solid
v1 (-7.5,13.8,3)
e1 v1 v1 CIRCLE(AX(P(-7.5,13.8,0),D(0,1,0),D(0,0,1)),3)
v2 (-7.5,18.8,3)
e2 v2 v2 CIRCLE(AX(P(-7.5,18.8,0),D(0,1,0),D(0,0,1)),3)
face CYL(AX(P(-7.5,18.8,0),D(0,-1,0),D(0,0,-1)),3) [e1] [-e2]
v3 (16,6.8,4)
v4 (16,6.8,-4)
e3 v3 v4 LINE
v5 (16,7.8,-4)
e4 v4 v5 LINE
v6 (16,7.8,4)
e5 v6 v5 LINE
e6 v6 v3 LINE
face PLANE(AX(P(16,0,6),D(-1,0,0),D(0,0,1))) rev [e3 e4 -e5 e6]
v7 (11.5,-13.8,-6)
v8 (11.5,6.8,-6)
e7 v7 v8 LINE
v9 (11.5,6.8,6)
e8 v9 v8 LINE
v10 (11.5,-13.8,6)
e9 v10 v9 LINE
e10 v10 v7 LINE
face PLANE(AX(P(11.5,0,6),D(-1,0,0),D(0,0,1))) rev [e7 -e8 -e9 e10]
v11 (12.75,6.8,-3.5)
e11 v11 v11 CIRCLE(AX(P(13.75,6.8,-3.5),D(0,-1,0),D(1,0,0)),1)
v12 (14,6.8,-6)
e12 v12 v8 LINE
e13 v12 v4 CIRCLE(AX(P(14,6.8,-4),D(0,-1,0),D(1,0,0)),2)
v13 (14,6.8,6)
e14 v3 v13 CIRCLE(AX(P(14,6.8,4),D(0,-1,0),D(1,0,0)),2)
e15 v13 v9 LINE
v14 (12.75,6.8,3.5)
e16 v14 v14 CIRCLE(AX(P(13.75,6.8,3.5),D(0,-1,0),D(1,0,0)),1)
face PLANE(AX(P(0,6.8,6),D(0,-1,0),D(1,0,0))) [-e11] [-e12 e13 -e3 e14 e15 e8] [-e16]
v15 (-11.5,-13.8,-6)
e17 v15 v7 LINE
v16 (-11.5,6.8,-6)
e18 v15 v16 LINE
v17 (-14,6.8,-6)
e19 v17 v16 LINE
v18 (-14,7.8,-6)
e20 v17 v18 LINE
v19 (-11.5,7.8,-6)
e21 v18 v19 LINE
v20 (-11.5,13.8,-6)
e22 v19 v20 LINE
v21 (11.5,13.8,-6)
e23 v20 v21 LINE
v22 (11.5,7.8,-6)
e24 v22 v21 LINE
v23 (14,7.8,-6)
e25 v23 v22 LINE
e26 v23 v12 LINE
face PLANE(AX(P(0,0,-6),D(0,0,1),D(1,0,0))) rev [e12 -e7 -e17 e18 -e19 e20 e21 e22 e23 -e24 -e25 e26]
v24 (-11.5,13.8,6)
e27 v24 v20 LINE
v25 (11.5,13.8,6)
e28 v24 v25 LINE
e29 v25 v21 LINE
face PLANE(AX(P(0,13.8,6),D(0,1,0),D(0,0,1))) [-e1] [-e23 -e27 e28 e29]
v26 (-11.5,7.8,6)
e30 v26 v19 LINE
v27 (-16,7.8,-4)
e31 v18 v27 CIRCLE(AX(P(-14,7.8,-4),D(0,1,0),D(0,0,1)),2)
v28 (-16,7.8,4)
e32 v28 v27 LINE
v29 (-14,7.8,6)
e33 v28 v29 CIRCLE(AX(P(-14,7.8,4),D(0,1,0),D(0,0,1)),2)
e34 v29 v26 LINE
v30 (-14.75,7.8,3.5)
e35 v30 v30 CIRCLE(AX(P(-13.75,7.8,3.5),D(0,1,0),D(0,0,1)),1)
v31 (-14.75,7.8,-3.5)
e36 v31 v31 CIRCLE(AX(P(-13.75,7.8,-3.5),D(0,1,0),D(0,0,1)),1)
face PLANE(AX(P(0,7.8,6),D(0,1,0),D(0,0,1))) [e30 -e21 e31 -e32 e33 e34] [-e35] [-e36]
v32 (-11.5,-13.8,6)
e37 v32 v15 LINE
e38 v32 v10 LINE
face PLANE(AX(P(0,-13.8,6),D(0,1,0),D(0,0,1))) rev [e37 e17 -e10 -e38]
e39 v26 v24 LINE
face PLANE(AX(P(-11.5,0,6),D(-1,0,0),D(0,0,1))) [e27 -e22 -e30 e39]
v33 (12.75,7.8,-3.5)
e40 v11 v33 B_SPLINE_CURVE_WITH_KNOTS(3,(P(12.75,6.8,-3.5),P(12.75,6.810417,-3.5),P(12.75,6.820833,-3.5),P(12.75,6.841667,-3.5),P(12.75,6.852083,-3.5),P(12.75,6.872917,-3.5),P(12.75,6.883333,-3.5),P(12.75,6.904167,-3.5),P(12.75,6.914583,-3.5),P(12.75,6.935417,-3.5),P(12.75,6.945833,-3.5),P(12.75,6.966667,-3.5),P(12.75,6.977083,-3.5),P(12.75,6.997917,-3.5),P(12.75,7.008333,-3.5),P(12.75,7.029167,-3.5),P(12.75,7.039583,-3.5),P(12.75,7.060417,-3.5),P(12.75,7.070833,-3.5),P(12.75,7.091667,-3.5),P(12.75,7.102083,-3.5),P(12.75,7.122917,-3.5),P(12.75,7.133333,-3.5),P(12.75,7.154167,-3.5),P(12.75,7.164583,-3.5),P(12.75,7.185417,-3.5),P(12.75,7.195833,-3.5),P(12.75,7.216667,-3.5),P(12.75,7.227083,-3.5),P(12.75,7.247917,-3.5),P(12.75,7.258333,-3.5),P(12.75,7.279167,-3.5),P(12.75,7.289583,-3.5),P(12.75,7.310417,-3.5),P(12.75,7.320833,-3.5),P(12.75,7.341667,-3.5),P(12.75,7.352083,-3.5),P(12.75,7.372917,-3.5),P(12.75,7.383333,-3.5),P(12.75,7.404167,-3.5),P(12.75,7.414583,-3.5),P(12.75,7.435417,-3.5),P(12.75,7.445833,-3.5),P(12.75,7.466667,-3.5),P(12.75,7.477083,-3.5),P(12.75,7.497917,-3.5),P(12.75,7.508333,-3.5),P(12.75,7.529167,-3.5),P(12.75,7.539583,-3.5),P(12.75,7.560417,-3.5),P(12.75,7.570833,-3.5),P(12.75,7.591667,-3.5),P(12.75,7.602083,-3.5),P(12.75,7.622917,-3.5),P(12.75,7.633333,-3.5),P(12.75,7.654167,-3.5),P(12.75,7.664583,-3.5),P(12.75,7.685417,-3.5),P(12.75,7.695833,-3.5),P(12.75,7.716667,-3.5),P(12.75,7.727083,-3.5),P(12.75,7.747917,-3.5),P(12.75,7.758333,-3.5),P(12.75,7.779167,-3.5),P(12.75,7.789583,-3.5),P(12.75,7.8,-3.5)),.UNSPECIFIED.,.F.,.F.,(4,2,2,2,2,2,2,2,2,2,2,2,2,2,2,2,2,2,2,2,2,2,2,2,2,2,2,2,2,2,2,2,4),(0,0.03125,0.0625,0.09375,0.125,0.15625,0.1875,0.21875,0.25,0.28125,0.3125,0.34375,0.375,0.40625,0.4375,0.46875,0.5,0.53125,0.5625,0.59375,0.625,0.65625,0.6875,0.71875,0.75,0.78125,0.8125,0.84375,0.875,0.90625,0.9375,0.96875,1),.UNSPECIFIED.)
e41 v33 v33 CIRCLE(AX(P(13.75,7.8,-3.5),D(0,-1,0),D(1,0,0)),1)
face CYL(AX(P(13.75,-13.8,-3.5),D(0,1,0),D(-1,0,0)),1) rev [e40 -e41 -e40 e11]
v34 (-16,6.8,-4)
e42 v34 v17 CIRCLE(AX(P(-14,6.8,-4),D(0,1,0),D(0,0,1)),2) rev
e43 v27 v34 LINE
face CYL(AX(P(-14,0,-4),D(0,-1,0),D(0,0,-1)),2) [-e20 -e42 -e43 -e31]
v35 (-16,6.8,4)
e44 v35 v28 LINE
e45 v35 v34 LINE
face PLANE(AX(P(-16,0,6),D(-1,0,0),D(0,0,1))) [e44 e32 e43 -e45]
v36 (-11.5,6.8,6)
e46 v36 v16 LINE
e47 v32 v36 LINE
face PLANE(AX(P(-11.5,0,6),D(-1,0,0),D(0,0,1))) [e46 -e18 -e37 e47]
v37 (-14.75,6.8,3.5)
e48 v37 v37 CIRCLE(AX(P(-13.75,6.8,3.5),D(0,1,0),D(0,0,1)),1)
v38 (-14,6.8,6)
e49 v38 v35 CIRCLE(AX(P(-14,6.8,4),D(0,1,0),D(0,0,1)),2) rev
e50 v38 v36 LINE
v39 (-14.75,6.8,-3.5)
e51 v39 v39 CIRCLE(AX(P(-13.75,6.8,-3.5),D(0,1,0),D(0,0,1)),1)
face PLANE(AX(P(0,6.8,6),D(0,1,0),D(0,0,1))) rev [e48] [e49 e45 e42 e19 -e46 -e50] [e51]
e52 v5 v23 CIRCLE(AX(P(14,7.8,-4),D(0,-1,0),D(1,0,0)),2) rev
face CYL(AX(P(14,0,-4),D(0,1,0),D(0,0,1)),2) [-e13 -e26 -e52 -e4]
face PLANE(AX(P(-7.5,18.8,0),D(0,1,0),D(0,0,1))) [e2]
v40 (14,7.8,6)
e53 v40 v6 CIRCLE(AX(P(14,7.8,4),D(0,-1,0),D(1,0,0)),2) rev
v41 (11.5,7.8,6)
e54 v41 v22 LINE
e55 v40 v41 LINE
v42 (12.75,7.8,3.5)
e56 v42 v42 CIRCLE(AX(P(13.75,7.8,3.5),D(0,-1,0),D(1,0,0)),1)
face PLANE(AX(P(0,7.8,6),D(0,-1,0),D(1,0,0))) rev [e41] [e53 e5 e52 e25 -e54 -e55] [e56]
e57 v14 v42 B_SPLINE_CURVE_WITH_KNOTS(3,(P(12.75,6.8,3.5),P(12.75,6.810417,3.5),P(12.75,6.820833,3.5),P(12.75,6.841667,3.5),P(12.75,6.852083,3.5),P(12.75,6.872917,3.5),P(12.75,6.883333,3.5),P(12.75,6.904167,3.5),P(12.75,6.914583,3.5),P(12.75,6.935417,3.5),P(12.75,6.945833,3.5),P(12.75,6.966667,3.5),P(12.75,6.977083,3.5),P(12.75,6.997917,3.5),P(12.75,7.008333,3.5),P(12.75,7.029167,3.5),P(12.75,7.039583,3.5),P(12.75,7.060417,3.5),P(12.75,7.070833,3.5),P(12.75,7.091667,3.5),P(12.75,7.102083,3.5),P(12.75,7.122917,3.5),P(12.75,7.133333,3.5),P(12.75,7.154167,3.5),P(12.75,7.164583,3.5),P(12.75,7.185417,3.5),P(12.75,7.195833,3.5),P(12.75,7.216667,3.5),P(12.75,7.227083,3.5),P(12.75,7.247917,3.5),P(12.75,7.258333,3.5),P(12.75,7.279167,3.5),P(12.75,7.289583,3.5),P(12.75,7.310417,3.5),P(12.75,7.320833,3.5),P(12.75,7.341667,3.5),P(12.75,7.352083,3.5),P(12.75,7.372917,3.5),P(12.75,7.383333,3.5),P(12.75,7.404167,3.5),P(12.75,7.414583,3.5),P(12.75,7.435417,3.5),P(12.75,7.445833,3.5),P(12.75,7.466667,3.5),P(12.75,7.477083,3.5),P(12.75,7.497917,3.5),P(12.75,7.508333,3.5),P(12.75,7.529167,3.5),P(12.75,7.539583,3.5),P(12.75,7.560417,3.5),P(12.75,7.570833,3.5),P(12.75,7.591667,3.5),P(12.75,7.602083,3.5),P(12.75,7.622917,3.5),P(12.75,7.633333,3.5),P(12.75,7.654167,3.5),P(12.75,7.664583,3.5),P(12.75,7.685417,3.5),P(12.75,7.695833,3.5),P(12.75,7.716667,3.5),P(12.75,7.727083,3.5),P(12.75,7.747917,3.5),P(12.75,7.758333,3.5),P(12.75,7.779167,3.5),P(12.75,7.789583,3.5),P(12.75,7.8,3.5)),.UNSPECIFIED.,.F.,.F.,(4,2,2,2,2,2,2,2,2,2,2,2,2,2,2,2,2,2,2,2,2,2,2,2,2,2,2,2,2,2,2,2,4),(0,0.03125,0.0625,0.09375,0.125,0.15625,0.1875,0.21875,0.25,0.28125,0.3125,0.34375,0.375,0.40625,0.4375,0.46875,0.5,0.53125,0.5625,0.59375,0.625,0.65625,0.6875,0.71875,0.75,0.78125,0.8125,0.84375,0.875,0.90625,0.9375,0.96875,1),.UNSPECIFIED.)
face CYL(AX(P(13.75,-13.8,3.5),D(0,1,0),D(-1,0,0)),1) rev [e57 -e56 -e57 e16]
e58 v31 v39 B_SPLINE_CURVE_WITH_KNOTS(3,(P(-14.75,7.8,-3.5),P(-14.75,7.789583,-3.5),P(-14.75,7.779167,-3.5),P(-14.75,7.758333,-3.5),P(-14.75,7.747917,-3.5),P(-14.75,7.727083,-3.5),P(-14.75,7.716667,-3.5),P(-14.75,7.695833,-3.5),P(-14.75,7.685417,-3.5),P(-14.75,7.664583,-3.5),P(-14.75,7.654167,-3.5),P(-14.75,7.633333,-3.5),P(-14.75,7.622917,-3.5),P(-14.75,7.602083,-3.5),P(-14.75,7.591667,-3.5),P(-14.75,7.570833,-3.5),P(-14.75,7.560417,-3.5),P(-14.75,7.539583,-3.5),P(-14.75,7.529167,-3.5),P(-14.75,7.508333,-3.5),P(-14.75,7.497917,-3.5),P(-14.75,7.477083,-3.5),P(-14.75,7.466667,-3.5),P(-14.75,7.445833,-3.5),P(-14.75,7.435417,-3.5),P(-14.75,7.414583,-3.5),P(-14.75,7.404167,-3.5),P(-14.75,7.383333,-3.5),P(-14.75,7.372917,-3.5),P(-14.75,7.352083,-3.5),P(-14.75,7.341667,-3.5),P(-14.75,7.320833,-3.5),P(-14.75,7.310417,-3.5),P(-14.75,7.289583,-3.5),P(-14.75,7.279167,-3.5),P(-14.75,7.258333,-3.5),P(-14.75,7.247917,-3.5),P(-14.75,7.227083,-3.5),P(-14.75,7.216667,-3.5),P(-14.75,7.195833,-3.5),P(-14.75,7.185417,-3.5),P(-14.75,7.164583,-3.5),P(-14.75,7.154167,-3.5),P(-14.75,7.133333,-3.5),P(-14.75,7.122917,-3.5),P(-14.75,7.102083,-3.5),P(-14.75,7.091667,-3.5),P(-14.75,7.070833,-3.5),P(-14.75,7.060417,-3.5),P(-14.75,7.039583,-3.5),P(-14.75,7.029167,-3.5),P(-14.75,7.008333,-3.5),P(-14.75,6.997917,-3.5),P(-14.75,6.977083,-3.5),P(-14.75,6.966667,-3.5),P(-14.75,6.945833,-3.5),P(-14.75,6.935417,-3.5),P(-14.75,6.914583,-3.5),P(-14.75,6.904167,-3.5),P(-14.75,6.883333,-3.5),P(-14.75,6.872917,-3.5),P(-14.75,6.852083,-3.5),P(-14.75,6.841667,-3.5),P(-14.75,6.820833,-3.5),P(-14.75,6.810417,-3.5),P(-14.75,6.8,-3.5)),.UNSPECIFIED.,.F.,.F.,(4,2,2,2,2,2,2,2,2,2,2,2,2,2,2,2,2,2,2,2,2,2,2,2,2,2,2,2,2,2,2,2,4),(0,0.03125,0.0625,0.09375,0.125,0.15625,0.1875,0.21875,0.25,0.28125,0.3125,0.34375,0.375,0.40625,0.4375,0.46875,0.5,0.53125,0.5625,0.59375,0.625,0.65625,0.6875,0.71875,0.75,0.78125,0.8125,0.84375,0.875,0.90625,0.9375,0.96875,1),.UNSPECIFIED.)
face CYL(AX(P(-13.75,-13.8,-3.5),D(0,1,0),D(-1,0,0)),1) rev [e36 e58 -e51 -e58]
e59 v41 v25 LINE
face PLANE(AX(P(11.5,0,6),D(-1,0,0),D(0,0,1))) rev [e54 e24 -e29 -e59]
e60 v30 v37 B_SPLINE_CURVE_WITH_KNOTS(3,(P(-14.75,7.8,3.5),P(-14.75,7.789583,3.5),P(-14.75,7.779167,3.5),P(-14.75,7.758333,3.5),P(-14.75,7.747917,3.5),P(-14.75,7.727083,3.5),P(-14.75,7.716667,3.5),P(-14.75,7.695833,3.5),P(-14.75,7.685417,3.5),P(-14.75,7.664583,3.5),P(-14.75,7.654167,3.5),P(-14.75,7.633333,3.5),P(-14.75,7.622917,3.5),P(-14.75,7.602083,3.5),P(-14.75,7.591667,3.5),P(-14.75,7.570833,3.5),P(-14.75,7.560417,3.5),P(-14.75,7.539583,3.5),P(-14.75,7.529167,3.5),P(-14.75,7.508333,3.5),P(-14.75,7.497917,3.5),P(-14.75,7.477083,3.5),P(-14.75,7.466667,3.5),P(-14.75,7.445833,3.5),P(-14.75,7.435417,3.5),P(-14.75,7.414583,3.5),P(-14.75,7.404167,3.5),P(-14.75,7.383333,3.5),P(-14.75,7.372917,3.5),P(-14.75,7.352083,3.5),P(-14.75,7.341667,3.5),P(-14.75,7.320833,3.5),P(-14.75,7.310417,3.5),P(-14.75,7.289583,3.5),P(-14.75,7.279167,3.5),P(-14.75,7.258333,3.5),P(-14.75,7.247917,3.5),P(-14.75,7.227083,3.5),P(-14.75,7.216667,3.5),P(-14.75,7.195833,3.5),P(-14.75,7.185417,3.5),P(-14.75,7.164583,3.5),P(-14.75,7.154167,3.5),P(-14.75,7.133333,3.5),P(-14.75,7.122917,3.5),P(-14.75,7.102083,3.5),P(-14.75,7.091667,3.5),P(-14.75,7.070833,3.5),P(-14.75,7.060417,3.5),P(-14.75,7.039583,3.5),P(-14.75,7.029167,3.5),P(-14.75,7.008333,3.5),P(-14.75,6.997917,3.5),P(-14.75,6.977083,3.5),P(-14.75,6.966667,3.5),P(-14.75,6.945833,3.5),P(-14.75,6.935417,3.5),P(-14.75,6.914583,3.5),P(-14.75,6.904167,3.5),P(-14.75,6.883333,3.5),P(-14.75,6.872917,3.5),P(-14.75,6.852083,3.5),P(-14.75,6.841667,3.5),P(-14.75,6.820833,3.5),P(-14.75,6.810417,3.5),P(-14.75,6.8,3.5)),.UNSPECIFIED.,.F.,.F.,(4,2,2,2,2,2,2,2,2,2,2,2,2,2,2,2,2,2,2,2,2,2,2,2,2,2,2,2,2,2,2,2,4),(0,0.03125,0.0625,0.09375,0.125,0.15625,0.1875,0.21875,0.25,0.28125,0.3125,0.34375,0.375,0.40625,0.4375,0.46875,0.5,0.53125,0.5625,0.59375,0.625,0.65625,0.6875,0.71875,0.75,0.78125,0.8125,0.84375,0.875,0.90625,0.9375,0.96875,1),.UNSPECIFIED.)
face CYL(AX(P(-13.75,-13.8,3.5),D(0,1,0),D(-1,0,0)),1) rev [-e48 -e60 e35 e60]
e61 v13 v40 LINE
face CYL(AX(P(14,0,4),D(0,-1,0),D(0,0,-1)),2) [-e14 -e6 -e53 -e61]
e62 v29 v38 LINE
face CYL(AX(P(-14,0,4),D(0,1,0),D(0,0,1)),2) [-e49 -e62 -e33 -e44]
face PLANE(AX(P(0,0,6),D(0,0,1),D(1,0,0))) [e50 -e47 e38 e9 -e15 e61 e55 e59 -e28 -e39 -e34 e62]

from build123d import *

# Parameters (mm, degrees)
SKETCH_1_W               = 23
SKETCH_1_H               = 27.6
SKETCH_1_W_2             = 4.5
SKETCH_1_H_2             = 1
EXTRUDE_1_DEPTH          = 6
SKETCH_2_R               = 3
EXTRUDE_2_DEPTH          = 5
CUT_EXTRUDE_1_DEPTH      = 28.541967976
CUT_EXTRUDE_1_DEPTH_BACK = 28.541967976
SKETCH_3_R               = 1
FILLET_1_R               = 2


with BuildPart() as part:
    # Эскиз1 → Бобышка-Вытянуть1 (new, symmetric)
    with BuildSketch(Plane.XY):
        Rectangle(SKETCH_1_W, SKETCH_1_H)
        with Locations((-13.75, 7.3)):
            Rectangle(SKETCH_1_W_2, SKETCH_1_H_2)
        with Locations((13.75, 7.3)):
            Rectangle(SKETCH_1_W_2, SKETCH_1_H_2)
    extrude(amount=EXTRUDE_1_DEPTH, both=True)

    # Эскиз2 → Бобышка-Вытянуть2 (add)
    with BuildSketch(Plane(origin=(0, 13.8, 0), x_dir=(1, 0, 0), z_dir=(0, 1, 0))):
        with Locations(Location((-7.5, 0, 0), (0, 0, 270))):
            Circle(SKETCH_2_R)
    extrude(amount=EXTRUDE_2_DEPTH)

    # Эскиз3 → Вырез-Вытянуть1 (cut, two sides: drawn at the far end of the back side and taken through both)
    with BuildSketch(Plane(origin=(0, 7.8, 0), x_dir=(1, 0, 0), z_dir=(0, 1, 0)).offset(-CUT_EXTRUDE_1_DEPTH_BACK)):
        with Locations(Location((-13.75, 3.5, 0), (0, 0, 180))):
            Circle(SKETCH_3_R)
        with Locations(Location((-13.75, -3.5, 0), (0, 0, 180))):
            Circle(SKETCH_3_R)
        with Locations(Location((13.75, -3.5, 0), (0, 0, 180))):
            Circle(SKETCH_3_R)
        with Locations(Location((13.75, 3.5, 0), (0, 0, 180))):
            Circle(SKETCH_3_R)
    extrude(amount=CUT_EXTRUDE_1_DEPTH + CUT_EXTRUDE_1_DEPTH_BACK, mode=Mode.SUBTRACT)

    # Скругление1
    fillet_1_edges = [part.edges().sort_by_distance(p)[0] for p in [
        (-16, 7.3, -6),
        (16, 7.3, -6),
        (16, 7.3, 6),
        (-16, 7.3, 6),
    ]]
    fillet(fillet_1_edges, radius=FILLET_1_R)


solid = part.part
